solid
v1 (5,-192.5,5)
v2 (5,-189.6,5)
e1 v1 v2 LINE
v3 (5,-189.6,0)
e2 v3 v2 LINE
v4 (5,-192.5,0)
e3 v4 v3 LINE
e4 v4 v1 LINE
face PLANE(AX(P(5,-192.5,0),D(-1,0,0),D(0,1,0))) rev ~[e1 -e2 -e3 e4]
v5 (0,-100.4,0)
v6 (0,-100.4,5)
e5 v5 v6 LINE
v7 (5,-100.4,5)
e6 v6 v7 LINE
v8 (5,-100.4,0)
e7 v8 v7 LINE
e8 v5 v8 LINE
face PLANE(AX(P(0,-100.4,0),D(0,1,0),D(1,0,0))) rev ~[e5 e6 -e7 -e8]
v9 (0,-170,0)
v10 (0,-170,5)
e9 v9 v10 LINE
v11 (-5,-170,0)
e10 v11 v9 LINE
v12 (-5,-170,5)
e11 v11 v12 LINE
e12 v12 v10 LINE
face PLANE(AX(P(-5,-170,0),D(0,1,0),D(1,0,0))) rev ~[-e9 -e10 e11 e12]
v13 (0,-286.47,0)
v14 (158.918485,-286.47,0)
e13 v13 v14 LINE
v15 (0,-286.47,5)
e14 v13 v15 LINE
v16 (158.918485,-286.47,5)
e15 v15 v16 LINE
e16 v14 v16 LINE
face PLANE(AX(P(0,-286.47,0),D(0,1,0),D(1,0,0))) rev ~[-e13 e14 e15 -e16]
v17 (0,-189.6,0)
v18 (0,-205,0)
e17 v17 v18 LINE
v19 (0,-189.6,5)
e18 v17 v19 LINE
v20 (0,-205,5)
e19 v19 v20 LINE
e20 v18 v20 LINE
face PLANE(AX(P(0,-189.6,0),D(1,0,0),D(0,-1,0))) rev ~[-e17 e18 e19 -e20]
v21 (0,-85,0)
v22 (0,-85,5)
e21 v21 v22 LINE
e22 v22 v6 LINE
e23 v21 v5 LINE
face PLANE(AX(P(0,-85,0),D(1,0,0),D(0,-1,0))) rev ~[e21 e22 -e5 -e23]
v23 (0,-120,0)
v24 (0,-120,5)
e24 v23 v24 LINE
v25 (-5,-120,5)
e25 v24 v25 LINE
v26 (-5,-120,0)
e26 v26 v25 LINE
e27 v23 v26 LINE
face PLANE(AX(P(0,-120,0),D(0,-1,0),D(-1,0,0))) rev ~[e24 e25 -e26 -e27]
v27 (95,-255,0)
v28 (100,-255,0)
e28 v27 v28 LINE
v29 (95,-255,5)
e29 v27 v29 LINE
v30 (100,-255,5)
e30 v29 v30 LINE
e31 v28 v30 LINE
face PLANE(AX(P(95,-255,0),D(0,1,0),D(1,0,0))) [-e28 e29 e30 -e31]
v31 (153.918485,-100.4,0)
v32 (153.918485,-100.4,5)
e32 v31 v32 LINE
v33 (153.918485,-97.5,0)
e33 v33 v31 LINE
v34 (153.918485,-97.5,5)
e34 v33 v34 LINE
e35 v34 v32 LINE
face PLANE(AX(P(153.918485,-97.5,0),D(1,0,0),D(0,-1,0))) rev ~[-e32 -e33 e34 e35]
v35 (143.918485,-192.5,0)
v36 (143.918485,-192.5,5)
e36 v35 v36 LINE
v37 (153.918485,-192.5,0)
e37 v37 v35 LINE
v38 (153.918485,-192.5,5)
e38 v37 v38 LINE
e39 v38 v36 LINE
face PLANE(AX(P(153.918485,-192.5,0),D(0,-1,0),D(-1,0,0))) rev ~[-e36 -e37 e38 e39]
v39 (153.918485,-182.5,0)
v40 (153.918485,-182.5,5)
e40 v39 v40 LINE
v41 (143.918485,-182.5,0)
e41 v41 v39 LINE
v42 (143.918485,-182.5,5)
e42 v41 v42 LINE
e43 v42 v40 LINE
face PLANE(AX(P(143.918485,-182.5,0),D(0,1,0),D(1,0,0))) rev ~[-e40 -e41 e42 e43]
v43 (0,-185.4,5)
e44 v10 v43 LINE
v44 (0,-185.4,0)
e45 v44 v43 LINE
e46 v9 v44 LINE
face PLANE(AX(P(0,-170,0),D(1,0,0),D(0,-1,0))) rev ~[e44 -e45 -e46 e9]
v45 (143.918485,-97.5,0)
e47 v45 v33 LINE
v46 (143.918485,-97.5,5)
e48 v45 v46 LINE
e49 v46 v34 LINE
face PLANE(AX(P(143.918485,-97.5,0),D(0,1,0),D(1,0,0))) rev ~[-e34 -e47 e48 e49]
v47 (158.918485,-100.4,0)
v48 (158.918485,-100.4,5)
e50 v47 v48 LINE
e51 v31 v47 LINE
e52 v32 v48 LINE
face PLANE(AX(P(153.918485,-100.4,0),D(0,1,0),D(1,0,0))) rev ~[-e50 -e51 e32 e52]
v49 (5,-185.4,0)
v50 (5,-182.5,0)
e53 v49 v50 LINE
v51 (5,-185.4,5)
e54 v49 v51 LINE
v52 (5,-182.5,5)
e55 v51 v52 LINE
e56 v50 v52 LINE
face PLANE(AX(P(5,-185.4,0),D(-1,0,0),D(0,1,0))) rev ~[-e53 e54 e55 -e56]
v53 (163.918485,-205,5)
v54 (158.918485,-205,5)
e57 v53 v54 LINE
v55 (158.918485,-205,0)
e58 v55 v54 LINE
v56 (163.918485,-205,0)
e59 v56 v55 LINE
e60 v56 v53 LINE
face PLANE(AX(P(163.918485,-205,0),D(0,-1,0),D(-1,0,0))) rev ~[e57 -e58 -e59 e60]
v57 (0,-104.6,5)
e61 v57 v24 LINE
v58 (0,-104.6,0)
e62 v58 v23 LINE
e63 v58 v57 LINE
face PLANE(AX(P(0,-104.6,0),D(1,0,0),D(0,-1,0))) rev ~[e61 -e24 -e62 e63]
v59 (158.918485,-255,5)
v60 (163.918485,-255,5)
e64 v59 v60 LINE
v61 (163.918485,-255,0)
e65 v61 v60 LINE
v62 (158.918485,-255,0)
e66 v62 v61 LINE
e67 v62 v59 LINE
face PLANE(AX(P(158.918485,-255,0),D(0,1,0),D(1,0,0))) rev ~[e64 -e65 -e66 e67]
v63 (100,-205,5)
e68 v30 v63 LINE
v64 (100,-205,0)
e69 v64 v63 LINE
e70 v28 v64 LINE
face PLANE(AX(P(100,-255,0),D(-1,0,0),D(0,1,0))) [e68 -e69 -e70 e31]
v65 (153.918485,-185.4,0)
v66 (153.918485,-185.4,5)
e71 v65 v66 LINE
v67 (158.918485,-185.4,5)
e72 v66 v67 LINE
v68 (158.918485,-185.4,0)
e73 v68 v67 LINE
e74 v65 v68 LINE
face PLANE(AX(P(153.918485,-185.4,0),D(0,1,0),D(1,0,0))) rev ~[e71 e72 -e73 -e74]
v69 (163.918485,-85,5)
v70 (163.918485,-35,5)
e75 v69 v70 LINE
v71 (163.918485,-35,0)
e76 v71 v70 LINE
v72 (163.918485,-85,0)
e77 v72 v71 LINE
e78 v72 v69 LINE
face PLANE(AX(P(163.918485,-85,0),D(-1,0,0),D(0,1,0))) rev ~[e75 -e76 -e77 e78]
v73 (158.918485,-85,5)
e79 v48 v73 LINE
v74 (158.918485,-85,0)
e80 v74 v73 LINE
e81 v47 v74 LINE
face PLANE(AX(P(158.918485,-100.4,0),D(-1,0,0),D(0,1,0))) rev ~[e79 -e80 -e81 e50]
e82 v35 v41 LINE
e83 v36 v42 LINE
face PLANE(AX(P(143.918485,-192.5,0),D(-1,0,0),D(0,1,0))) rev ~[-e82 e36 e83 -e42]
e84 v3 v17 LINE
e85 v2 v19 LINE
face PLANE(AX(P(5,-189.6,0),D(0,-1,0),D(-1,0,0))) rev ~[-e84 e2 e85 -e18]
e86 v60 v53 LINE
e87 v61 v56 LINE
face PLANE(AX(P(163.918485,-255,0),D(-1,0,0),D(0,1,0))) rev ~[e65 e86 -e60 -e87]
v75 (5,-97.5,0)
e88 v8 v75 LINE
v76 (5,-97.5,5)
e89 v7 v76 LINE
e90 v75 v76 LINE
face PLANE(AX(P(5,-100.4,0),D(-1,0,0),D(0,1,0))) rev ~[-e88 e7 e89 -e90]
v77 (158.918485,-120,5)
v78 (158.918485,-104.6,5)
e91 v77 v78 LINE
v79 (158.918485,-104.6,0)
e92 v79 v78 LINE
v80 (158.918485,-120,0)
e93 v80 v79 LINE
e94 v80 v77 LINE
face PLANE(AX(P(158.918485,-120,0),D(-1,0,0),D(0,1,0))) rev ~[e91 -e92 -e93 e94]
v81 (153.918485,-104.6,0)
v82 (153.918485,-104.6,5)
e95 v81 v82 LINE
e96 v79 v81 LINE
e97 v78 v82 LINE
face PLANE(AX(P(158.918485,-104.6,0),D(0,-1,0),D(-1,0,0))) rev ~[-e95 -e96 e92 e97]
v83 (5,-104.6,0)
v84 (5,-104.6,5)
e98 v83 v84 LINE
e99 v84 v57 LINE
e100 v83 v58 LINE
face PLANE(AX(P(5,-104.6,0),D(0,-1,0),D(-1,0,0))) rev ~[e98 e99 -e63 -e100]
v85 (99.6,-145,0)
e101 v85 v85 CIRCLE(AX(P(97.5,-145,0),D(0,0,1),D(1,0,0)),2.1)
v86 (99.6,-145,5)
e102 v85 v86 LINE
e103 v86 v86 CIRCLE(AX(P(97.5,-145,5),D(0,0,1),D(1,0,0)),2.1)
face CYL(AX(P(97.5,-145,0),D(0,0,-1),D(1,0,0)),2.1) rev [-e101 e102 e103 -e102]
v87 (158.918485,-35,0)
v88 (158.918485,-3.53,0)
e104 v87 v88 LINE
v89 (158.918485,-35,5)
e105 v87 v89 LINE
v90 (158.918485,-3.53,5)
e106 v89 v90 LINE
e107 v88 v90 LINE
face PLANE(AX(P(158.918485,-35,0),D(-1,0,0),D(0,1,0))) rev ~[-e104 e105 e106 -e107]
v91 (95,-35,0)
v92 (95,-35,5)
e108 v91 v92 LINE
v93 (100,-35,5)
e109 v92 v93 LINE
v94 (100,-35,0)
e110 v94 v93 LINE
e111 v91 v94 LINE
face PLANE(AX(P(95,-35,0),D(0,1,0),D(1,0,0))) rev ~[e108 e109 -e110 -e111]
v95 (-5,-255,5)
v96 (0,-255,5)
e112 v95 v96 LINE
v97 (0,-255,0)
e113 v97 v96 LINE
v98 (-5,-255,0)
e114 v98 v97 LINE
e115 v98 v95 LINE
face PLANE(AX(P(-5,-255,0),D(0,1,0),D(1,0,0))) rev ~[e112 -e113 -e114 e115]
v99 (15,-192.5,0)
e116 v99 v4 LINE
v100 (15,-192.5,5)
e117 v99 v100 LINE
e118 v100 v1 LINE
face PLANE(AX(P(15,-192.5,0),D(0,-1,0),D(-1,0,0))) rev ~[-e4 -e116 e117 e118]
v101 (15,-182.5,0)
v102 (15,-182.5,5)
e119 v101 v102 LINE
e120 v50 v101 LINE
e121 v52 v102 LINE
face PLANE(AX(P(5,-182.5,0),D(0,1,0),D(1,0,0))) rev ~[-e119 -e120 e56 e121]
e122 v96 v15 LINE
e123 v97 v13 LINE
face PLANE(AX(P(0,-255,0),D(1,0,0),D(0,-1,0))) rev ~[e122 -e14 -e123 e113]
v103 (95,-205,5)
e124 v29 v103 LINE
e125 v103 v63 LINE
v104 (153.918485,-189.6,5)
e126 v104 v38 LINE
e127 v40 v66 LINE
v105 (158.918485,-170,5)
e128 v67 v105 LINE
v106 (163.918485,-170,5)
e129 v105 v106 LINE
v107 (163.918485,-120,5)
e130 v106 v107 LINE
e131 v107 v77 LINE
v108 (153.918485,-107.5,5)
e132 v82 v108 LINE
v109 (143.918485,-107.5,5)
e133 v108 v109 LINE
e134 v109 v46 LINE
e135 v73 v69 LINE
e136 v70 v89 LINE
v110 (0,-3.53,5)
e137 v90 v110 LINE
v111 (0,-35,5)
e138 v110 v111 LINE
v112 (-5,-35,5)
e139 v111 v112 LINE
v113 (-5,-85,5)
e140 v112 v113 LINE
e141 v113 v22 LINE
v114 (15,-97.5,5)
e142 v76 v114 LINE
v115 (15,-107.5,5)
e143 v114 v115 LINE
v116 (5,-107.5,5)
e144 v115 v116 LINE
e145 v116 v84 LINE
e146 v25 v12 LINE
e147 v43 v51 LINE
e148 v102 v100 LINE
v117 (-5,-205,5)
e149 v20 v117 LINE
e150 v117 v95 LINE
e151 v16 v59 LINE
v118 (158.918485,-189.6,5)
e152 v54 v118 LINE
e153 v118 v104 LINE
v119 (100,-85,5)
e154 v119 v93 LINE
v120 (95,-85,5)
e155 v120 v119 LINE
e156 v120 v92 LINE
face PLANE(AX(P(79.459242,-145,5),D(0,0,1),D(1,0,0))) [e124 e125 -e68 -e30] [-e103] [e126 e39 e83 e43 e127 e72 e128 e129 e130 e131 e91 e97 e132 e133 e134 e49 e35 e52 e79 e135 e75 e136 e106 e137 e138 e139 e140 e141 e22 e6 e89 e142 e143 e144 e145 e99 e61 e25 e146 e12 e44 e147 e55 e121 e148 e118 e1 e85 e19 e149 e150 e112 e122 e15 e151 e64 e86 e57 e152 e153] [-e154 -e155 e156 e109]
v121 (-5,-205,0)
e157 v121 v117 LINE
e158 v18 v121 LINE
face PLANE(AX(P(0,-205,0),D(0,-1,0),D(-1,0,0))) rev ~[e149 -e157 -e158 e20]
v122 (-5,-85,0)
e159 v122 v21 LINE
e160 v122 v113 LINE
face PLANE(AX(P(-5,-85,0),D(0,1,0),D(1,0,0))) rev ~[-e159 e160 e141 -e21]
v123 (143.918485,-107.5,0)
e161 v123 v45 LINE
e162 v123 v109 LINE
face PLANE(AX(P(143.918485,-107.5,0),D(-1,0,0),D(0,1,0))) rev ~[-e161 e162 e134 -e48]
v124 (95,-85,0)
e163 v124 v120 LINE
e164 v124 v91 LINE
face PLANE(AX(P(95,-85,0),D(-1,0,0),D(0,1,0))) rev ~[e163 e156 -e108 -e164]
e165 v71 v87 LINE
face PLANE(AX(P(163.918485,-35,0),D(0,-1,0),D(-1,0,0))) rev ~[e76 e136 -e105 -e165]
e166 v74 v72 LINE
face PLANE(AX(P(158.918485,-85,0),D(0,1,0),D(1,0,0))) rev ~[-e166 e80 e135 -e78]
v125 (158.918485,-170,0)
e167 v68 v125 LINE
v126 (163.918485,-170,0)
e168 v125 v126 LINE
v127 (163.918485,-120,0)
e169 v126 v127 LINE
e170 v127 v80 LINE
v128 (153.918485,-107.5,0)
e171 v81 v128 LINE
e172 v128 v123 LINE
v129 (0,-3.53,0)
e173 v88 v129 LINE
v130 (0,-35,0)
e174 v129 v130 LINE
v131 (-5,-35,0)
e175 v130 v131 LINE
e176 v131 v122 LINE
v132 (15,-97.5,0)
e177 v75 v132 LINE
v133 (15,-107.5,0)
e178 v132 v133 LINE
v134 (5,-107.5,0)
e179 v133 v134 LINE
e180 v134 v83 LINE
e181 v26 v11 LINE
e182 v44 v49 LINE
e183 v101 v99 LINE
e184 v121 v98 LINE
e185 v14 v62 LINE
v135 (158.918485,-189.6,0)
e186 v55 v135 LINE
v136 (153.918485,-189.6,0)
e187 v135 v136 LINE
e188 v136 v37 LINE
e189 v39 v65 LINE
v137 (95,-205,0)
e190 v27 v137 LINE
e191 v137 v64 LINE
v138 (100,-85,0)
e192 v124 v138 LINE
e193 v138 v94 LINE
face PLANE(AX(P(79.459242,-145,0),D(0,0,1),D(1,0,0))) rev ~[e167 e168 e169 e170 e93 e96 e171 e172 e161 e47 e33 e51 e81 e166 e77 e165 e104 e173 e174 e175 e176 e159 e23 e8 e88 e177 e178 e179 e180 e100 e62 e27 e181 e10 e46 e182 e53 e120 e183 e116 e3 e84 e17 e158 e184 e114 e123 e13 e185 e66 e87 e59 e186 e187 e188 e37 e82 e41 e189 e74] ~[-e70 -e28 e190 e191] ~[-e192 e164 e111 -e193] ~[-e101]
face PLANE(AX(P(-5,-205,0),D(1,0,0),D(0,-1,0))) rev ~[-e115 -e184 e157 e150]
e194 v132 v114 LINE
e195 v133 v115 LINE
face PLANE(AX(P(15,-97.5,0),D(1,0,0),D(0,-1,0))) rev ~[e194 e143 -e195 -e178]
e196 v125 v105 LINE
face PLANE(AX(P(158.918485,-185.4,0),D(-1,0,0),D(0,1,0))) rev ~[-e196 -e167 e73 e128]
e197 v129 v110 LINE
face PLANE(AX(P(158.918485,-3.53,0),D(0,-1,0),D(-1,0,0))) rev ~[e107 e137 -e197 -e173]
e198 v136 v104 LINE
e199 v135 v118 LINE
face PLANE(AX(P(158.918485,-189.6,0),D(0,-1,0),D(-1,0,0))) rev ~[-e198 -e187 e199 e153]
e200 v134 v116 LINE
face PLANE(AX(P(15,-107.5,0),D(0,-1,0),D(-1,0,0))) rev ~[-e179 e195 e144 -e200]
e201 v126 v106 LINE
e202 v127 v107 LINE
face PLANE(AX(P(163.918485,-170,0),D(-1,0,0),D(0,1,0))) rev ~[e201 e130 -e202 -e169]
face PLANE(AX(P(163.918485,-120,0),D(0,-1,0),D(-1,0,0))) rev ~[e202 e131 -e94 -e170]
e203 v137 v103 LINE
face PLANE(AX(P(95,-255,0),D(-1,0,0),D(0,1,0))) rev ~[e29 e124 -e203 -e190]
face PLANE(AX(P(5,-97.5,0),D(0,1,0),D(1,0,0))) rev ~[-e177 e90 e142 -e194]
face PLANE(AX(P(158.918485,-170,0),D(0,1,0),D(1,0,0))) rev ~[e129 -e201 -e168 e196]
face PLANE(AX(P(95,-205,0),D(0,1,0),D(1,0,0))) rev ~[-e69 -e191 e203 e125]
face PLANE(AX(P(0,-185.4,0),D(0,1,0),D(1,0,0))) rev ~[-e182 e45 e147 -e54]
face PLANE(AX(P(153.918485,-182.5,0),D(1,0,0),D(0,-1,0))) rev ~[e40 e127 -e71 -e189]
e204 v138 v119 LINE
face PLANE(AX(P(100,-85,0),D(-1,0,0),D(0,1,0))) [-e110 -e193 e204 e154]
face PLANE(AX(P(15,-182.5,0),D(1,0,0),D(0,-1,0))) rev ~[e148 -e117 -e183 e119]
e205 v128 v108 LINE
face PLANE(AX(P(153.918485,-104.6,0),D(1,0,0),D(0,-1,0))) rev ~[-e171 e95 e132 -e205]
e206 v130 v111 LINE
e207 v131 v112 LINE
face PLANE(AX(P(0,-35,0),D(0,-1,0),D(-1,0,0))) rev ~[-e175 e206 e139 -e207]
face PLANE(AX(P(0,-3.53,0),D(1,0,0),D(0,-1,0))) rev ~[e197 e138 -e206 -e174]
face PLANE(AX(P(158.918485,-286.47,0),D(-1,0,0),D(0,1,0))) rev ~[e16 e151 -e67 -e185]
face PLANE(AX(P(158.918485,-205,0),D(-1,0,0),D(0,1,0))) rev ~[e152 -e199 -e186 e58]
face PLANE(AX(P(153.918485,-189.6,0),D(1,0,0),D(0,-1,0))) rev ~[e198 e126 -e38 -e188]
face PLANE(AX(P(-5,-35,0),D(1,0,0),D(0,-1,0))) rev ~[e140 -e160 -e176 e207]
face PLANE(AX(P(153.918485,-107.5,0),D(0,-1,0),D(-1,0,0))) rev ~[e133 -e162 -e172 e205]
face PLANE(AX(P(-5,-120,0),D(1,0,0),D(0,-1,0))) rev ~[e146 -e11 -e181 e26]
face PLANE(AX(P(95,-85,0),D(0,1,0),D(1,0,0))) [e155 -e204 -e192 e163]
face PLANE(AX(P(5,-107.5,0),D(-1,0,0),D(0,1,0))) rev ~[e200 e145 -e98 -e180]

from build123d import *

# Parameters (mm, degrees)
ESQUISSE1_R        = 2.1
ESQUISSE1_W        = 5
ESQUISSE1_H        = 50
BOSS_EXTRU_1_DEPTH = 5


with BuildPart() as part:
    # Esquisse1 → Boss.-Extru.1 (new body)
    with BuildSketch(Plane.XY):
        Polygon((0, -3.53), (0, -35), (-5, -35), (-5, -85), (0, -85), (0, -100.4), (5, -100.4), (5, -97.5), (15, -97.5), (15, -107.5), (5, -107.5), (5, -104.6), (0, -104.6), (0, -120), (-5, -120), (-5, -170), (0, -170), (0, -185.4), (5, -185.4), (5, -182.5), (15, -182.5), (15, -192.5), (5, -192.5), (5, -189.6), (0, -189.6), (0, -205), (-5, -205), (-5, -255), (0, -255), (0, -286.47), (158.918484905, -286.47), (158.918484905, -255), (163.918484905, -255), (163.918484905, -205), (158.918484905, -205), (158.918484905, -189.6), (153.918484905, -189.6), (153.918484905, -192.5), (143.918484905, -192.5), (143.918484905, -182.5), (153.918484905, -182.5), (153.918484905, -185.4), (158.918484905, -185.4), (158.918484905, -170), (163.918484905, -170), (163.918484905, -120), (158.918484905, -120), (158.918484905, -104.6), (153.918484905, -104.6), (153.918484905, -107.5), (143.918484905, -107.5), (143.918484905, -97.5), (153.918484905, -97.5), (153.918484905, -100.4), (158.918484905, -100.4), (158.918484905, -85), (163.918484905, -85), (163.918484905, -35), (158.918484905, -35), (158.918484905, -3.53), align=None)
        with Locations((97.5, -145)):
            Circle(ESQUISSE1_R, mode=Mode.SUBTRACT)
        with Locations((97.5, -60)):
            Rectangle(ESQUISSE1_W, ESQUISSE1_H, mode=Mode.SUBTRACT)
        with Locations((97.5, -230)):
            Rectangle(ESQUISSE1_W, ESQUISSE1_H, mode=Mode.SUBTRACT)
    extrude(amount=BOSS_EXTRU_1_DEPTH)


solid = part.part
